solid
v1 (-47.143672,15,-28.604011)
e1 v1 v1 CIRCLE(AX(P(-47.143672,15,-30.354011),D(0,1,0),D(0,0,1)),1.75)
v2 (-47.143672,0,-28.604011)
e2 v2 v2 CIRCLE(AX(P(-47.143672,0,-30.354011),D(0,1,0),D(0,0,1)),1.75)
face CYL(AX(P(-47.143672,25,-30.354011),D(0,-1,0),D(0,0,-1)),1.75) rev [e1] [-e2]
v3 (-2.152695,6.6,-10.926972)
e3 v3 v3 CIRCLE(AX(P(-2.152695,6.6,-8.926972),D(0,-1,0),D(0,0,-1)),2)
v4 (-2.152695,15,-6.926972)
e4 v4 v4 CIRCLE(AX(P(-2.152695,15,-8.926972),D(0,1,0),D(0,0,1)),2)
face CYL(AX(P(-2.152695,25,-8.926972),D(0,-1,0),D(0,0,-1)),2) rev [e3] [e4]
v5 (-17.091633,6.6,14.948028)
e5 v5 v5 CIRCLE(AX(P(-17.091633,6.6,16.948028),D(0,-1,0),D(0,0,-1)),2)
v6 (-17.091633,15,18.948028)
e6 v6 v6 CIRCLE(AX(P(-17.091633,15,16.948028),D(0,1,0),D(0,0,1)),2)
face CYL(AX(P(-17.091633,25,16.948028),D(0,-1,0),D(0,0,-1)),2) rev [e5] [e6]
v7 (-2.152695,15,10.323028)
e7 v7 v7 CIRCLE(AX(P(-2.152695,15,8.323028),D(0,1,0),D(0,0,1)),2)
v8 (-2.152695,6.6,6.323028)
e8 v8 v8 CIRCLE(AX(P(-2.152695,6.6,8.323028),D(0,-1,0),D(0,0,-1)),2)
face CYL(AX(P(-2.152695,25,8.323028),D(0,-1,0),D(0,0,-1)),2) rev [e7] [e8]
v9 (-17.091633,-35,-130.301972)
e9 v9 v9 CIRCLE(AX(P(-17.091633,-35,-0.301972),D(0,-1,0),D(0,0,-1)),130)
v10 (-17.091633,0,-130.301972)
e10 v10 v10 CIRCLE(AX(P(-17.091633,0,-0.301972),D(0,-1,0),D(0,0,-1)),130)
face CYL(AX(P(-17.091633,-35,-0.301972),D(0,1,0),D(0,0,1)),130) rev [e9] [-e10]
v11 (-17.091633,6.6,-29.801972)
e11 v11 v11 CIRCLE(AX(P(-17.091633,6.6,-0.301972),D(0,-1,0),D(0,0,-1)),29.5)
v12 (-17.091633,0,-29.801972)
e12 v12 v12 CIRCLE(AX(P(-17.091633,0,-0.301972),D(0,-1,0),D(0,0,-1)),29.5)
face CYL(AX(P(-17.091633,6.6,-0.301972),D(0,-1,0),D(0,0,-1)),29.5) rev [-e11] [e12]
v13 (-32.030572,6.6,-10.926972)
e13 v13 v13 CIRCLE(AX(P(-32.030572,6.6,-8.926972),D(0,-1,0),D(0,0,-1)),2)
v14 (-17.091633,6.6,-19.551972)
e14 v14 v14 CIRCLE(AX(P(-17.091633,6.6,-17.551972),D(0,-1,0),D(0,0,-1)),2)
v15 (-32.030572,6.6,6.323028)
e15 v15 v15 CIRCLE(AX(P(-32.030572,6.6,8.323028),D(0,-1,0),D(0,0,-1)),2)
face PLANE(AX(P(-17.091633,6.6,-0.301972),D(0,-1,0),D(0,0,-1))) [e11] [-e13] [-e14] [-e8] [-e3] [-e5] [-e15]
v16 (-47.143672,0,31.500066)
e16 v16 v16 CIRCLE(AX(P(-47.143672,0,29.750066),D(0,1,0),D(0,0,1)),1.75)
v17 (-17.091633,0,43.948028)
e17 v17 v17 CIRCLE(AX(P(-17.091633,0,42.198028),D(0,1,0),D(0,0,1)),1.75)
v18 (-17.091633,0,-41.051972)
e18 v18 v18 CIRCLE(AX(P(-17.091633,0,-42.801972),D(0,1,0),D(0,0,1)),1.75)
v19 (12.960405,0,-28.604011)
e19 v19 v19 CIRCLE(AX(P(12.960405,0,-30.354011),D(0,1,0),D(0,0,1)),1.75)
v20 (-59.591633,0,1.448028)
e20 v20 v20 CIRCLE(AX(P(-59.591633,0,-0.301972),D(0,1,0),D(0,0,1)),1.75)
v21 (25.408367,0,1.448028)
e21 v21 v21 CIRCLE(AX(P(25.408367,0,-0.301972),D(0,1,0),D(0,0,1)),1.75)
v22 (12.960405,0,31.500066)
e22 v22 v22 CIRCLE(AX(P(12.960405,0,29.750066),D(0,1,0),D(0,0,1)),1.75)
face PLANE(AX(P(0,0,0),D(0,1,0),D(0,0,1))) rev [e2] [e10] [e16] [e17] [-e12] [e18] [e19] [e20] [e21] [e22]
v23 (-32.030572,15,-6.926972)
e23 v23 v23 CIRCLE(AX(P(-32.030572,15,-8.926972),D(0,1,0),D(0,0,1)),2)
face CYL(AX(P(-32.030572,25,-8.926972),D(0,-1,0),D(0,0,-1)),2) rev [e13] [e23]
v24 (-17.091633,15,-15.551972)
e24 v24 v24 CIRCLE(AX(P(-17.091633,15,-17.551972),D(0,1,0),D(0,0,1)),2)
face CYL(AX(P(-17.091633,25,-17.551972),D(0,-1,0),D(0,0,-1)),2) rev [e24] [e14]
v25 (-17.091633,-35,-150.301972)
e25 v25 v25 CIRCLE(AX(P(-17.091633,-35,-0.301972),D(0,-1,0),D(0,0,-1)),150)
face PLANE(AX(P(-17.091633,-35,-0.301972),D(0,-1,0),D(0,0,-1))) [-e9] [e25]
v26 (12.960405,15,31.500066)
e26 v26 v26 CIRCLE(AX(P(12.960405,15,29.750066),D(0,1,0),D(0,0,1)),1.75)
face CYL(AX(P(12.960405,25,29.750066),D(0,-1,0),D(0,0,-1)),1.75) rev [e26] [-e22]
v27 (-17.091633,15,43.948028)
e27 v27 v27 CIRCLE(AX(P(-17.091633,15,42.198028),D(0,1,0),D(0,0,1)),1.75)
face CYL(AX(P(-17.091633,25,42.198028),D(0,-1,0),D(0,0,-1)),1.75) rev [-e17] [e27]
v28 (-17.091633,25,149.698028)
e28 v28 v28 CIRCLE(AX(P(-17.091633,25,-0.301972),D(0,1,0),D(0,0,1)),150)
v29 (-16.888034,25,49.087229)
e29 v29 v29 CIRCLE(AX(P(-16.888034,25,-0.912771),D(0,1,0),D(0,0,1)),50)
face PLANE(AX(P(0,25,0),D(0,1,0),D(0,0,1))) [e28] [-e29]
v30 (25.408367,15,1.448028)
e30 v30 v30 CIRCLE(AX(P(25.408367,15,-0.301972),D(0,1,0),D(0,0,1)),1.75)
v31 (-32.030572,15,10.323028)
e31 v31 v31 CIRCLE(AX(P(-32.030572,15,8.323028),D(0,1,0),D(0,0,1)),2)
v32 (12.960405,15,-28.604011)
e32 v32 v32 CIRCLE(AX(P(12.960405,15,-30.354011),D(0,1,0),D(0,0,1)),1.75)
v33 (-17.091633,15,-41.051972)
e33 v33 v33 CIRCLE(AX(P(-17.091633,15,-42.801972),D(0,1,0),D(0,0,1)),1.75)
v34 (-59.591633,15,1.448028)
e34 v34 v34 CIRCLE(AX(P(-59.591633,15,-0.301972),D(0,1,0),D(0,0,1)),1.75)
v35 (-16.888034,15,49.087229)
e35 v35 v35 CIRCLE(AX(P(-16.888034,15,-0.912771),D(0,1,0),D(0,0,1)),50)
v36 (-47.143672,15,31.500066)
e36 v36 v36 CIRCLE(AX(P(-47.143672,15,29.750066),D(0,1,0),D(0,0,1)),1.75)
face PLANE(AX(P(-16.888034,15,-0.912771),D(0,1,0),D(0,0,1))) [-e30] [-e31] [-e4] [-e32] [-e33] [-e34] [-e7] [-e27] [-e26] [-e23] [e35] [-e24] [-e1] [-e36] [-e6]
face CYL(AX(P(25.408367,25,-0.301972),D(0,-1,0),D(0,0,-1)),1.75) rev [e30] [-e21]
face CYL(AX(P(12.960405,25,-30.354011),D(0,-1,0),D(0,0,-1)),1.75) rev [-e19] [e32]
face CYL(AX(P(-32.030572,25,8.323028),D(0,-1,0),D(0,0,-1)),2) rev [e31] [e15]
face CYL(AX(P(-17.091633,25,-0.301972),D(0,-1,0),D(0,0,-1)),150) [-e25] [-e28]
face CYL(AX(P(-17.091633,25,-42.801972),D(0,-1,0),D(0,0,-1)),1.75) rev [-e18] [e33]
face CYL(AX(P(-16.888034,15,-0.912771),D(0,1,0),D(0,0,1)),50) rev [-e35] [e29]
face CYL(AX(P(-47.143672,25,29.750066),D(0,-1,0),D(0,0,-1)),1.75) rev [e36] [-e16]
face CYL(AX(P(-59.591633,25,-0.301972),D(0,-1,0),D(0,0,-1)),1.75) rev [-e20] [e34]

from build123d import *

# Parameters (mm, degrees)
SKETCH_1_R          = 150
SKETCH_1_R_2        = 2
SKETCH_1_R_3        = 1.75
EXTRUDE_2_DEPTH     = 25
SKETCH_2_R          = 29.5
CUT_EXTRUDE_1_DEPTH = 6.6
SKETCH_3_R          = 50
CUT_EXTRUDE_2_DEPTH = 10
EXTRUDE_START       = 35
SKETCH_10_R         = 150
SKETCH_10_R_2       = 130
EXTRUDE_7_DEPTH     = 35


with BuildPart() as part:
    # 草图1 → 凸台-拉伸2 (new body)
    with BuildSketch(Plane(origin=(0, 0, 0), x_dir=(1, 0, 0), z_dir=(0, 1, 0))):
        with Locations(Location((-17.091633393, 0.301972321, 0), (0, 0, 270))):
            Circle(SKETCH_1_R)
        with Locations(Location((-17.091633393, 17.551972321, 0), (0, 0, 270))):
            Circle(SKETCH_1_R_2, mode=Mode.SUBTRACT)
        with Locations(Location((-17.091633393, 42.801972321, 0), (0, 0, 270))):
            Circle(SKETCH_1_R_3, mode=Mode.SUBTRACT)
        with Locations(Location((12.960404807, 30.354010522, 0), (0, 0, 270))):
            Circle(SKETCH_1_R_3, mode=Mode.SUBTRACT)
        with Locations(Location((25.408366607, 0.301972321, 0), (0, 0, 270))):
            Circle(SKETCH_1_R_3, mode=Mode.SUBTRACT)
        with Locations(Location((12.960404807, -29.750065879, 0), (0, 0, 270))):
            Circle(SKETCH_1_R_3, mode=Mode.SUBTRACT)
        with Locations(Location((-17.091633393, -42.198027679, 0), (0, 0, 270))):
            Circle(SKETCH_1_R_3, mode=Mode.SUBTRACT)
        with Locations(Location((-47.143671594, -29.750065879, 0), (0, 0, 270))):
            Circle(SKETCH_1_R_3, mode=Mode.SUBTRACT)
        with Locations(Location((-59.591633393, 0.301972321, 0), (0, 0, 270))):
            Circle(SKETCH_1_R_3, mode=Mode.SUBTRACT)
        with Locations(Location((-47.143671594, 30.354010522, 0), (0, 0, 270))):
            Circle(SKETCH_1_R_3, mode=Mode.SUBTRACT)
        with Locations(Location((-2.152695178, 8.926972321, 0), (0, 0, 270))):
            Circle(SKETCH_1_R_2, mode=Mode.SUBTRACT)
        with Locations(Location((-2.152695178, -8.323027679, 0), (0, 0, 270))):
            Circle(SKETCH_1_R_2, mode=Mode.SUBTRACT)
        with Locations(Location((-17.091633393, -16.948027679, 0), (0, 0, 270))):
            Circle(SKETCH_1_R_2, mode=Mode.SUBTRACT)
        with Locations(Location((-32.030571609, -8.323027679, 0), (0, 0, 270))):
            Circle(SKETCH_1_R_2, mode=Mode.SUBTRACT)
        with Locations(Location((-32.030571609, 8.926972321, 0), (0, 0, 270))):
            Circle(SKETCH_1_R_2, mode=Mode.SUBTRACT)
    extrude(amount=EXTRUDE_2_DEPTH)

    # 草图2 → 切除-拉伸1 (cut)
    with BuildSketch(Plane.XZ):
        with Locations(Location((-17.091633393, -0.301972321, 0), (0, 0, 270))):
            Circle(SKETCH_2_R)
    extrude(amount=-CUT_EXTRUDE_1_DEPTH, mode=Mode.SUBTRACT)

    # 草图3 → 切除-拉伸2 (cut)
    with BuildSketch(Plane(origin=(0, 25, 0), x_dir=(1, 0, 0), z_dir=(0, 1, 0))):
        with Locations(Location((-16.888033671, 0.912771488, 0), (0, 0, 270))):
            Circle(SKETCH_3_R)
    extrude(amount=-CUT_EXTRUDE_2_DEPTH, mode=Mode.SUBTRACT)

    # 草图10 → 凸台-拉伸7 (add)
    with BuildSketch(Plane.XZ.offset(EXTRUDE_START)):
        with Locations(Location((-17.091633393, -0.301972321, 0), (0, 0, 270))):
            Circle(SKETCH_10_R)
        with Locations(Location((-17.091633393, -0.301972321, 0), (0, 0, 270))):
            Circle(SKETCH_10_R_2, mode=Mode.SUBTRACT)
    extrude(amount=-EXTRUDE_7_DEPTH)


solid = part.part
